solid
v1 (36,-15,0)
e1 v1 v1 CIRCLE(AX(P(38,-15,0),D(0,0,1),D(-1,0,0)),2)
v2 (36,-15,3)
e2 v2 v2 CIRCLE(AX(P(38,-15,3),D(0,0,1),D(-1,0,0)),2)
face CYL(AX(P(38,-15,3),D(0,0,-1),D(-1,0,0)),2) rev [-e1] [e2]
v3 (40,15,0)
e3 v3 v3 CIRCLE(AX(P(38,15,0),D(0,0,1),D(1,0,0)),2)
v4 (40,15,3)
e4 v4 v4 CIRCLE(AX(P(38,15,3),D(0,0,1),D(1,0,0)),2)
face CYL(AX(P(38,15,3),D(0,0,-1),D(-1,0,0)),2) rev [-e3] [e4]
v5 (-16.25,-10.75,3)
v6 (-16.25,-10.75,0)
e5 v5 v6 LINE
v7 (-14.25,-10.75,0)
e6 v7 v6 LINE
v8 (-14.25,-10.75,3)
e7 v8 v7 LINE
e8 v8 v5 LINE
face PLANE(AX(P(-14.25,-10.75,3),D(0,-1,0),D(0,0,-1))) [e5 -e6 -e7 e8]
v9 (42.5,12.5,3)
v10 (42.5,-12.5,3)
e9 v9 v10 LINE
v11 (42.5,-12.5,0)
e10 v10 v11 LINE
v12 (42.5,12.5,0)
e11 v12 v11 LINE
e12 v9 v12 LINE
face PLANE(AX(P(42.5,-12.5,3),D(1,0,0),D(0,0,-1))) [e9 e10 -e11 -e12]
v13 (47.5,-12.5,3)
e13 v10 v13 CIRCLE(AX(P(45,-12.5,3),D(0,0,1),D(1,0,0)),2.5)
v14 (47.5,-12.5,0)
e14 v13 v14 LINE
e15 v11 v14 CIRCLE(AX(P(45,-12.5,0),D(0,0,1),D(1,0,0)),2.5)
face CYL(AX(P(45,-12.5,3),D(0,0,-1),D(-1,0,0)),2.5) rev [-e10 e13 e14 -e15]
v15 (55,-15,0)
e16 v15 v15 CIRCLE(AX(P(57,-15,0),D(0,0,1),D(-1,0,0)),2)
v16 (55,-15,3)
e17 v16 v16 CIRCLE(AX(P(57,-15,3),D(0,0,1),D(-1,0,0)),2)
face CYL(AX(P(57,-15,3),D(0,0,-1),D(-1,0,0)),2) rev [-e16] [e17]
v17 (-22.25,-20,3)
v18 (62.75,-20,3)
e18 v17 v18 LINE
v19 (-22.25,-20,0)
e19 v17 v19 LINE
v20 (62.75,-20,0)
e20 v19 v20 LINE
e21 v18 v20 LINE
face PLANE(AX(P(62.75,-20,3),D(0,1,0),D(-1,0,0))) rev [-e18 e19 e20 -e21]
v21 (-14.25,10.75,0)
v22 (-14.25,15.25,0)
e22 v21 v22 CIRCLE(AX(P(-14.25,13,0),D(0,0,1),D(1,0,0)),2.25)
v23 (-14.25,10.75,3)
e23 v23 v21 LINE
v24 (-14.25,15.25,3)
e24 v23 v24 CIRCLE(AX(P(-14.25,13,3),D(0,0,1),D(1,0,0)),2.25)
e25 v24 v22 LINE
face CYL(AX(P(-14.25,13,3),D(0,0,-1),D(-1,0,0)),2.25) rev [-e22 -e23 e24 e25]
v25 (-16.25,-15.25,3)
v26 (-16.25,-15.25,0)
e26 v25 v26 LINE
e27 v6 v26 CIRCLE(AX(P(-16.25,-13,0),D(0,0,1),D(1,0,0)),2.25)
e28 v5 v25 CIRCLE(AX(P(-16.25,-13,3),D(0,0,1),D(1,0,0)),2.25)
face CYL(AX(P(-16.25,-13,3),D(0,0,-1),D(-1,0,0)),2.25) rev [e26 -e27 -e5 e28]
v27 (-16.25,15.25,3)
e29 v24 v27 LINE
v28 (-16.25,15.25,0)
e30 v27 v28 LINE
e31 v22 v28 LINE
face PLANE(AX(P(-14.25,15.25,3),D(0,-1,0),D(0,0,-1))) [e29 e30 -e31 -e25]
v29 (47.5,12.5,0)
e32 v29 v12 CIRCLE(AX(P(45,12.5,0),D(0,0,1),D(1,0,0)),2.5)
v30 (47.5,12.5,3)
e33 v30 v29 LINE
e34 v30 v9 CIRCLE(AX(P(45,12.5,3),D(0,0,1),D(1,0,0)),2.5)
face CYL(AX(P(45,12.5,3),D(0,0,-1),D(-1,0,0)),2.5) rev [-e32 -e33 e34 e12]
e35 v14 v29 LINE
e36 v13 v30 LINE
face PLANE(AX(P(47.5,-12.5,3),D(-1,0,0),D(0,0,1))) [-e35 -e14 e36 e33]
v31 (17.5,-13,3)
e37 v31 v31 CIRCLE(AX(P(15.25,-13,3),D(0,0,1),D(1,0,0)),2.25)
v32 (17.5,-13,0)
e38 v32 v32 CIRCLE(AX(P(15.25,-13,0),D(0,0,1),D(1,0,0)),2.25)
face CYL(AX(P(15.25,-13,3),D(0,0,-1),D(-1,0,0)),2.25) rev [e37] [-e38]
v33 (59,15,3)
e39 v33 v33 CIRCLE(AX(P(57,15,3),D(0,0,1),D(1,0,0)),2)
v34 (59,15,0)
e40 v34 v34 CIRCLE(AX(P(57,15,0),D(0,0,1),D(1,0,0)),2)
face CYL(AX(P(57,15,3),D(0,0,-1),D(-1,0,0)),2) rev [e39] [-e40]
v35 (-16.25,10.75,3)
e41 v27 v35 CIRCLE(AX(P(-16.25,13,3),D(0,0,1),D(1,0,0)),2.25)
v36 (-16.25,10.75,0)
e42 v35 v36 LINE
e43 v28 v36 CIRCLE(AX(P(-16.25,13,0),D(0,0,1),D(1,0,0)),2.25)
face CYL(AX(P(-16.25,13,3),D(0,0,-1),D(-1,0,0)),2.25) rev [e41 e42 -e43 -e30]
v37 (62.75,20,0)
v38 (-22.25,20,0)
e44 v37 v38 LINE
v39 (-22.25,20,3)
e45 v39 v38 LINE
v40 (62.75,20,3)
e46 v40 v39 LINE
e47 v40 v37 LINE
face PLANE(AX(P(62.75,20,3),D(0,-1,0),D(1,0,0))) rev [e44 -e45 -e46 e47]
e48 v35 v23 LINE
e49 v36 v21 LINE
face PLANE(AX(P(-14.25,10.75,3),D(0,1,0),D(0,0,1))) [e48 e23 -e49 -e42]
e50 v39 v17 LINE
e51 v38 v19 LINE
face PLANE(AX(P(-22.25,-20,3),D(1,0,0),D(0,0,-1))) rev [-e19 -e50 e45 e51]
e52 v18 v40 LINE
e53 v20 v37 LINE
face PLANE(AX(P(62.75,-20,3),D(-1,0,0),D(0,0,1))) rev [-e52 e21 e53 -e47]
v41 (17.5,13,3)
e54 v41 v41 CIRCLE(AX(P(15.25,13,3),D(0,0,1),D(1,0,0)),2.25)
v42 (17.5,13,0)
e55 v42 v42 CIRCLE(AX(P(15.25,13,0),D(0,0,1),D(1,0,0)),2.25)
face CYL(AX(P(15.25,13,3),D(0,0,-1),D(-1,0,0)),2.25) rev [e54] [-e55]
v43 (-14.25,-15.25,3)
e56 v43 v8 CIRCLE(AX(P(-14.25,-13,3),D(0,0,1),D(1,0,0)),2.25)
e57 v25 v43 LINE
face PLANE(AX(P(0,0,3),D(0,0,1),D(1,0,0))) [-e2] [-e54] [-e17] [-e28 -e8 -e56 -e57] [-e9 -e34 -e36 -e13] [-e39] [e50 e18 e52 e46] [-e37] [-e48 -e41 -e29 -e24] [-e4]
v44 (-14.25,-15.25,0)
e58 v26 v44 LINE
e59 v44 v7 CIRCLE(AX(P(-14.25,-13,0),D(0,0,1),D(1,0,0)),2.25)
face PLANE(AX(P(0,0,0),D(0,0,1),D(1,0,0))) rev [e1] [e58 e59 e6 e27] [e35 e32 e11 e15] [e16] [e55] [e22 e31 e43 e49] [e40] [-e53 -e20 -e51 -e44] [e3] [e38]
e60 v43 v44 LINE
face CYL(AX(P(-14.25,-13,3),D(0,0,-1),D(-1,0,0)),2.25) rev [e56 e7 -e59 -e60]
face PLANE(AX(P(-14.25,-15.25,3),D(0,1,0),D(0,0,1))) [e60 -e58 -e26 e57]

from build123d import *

# Parameters (mm, degrees)
SKETCH_1_W      = 85
SKETCH_1_H      = 40
SKETCH_1_R      = 2.25
SKETCH_1_R_2    = 2
EXTRUDE_1_DEPTH = 3


with BuildPart() as part:
    # 草图1 → 凸台-拉伸1 (new body)
    with BuildSketch(Plane.XY):
        with Locations((20.25, 0)):
            Rectangle(SKETCH_1_W, SKETCH_1_H)
        with Locations((15.25, 13)):
            Circle(SKETCH_1_R, mode=Mode.SUBTRACT)
        with Locations((15.25, -13)):
            Circle(SKETCH_1_R, mode=Mode.SUBTRACT)
        with Locations((57, 15)):
            Circle(SKETCH_1_R_2, mode=Mode.SUBTRACT)
        with Locations((38, 15)):
            Circle(SKETCH_1_R_2, mode=Mode.SUBTRACT)
        with Locations(Location((57, -15, 0), (0, 0, 180))):
            Circle(SKETCH_1_R_2, mode=Mode.SUBTRACT)
        with Locations(Location((38, -15, 0), (0, 0, 180))):
            Circle(SKETCH_1_R_2, mode=Mode.SUBTRACT)
        with BuildLine():
            Line((-14.25, 10.75), (-16.25, 10.75))
            ThreePointArc((-16.25, 10.75), (-18.5, 13), (-16.25, 15.25))
            Line((-16.25, 15.25), (-14.25, 15.25))
            ThreePointArc((-14.25, 15.25), (-12, 13), (-14.25, 10.75))
        make_face(mode=Mode.SUBTRACT)
        with BuildLine():
            Line((-14.25, -15.25), (-16.25, -15.25))
            ThreePointArc((-16.25, -15.25), (-18.5, -13), (-16.25, -10.75))
            Line((-16.25, -10.75), (-14.25, -10.75))
            ThreePointArc((-14.25, -10.75), (-12, -13), (-14.25, -15.25))
        make_face(mode=Mode.SUBTRACT)
        with BuildLine():
            Line((42.5, -12.5), (42.5, 12.5))
            ThreePointArc((42.5, 12.5), (45, 15), (47.5, 12.5))
            Line((47.5, 12.5), (47.5, -12.5))
            ThreePointArc((47.5, -12.5), (45, -15), (42.5, -12.5))
        make_face(mode=Mode.SUBTRACT)
    extrude(amount=EXTRUDE_1_DEPTH)


solid = part.part
